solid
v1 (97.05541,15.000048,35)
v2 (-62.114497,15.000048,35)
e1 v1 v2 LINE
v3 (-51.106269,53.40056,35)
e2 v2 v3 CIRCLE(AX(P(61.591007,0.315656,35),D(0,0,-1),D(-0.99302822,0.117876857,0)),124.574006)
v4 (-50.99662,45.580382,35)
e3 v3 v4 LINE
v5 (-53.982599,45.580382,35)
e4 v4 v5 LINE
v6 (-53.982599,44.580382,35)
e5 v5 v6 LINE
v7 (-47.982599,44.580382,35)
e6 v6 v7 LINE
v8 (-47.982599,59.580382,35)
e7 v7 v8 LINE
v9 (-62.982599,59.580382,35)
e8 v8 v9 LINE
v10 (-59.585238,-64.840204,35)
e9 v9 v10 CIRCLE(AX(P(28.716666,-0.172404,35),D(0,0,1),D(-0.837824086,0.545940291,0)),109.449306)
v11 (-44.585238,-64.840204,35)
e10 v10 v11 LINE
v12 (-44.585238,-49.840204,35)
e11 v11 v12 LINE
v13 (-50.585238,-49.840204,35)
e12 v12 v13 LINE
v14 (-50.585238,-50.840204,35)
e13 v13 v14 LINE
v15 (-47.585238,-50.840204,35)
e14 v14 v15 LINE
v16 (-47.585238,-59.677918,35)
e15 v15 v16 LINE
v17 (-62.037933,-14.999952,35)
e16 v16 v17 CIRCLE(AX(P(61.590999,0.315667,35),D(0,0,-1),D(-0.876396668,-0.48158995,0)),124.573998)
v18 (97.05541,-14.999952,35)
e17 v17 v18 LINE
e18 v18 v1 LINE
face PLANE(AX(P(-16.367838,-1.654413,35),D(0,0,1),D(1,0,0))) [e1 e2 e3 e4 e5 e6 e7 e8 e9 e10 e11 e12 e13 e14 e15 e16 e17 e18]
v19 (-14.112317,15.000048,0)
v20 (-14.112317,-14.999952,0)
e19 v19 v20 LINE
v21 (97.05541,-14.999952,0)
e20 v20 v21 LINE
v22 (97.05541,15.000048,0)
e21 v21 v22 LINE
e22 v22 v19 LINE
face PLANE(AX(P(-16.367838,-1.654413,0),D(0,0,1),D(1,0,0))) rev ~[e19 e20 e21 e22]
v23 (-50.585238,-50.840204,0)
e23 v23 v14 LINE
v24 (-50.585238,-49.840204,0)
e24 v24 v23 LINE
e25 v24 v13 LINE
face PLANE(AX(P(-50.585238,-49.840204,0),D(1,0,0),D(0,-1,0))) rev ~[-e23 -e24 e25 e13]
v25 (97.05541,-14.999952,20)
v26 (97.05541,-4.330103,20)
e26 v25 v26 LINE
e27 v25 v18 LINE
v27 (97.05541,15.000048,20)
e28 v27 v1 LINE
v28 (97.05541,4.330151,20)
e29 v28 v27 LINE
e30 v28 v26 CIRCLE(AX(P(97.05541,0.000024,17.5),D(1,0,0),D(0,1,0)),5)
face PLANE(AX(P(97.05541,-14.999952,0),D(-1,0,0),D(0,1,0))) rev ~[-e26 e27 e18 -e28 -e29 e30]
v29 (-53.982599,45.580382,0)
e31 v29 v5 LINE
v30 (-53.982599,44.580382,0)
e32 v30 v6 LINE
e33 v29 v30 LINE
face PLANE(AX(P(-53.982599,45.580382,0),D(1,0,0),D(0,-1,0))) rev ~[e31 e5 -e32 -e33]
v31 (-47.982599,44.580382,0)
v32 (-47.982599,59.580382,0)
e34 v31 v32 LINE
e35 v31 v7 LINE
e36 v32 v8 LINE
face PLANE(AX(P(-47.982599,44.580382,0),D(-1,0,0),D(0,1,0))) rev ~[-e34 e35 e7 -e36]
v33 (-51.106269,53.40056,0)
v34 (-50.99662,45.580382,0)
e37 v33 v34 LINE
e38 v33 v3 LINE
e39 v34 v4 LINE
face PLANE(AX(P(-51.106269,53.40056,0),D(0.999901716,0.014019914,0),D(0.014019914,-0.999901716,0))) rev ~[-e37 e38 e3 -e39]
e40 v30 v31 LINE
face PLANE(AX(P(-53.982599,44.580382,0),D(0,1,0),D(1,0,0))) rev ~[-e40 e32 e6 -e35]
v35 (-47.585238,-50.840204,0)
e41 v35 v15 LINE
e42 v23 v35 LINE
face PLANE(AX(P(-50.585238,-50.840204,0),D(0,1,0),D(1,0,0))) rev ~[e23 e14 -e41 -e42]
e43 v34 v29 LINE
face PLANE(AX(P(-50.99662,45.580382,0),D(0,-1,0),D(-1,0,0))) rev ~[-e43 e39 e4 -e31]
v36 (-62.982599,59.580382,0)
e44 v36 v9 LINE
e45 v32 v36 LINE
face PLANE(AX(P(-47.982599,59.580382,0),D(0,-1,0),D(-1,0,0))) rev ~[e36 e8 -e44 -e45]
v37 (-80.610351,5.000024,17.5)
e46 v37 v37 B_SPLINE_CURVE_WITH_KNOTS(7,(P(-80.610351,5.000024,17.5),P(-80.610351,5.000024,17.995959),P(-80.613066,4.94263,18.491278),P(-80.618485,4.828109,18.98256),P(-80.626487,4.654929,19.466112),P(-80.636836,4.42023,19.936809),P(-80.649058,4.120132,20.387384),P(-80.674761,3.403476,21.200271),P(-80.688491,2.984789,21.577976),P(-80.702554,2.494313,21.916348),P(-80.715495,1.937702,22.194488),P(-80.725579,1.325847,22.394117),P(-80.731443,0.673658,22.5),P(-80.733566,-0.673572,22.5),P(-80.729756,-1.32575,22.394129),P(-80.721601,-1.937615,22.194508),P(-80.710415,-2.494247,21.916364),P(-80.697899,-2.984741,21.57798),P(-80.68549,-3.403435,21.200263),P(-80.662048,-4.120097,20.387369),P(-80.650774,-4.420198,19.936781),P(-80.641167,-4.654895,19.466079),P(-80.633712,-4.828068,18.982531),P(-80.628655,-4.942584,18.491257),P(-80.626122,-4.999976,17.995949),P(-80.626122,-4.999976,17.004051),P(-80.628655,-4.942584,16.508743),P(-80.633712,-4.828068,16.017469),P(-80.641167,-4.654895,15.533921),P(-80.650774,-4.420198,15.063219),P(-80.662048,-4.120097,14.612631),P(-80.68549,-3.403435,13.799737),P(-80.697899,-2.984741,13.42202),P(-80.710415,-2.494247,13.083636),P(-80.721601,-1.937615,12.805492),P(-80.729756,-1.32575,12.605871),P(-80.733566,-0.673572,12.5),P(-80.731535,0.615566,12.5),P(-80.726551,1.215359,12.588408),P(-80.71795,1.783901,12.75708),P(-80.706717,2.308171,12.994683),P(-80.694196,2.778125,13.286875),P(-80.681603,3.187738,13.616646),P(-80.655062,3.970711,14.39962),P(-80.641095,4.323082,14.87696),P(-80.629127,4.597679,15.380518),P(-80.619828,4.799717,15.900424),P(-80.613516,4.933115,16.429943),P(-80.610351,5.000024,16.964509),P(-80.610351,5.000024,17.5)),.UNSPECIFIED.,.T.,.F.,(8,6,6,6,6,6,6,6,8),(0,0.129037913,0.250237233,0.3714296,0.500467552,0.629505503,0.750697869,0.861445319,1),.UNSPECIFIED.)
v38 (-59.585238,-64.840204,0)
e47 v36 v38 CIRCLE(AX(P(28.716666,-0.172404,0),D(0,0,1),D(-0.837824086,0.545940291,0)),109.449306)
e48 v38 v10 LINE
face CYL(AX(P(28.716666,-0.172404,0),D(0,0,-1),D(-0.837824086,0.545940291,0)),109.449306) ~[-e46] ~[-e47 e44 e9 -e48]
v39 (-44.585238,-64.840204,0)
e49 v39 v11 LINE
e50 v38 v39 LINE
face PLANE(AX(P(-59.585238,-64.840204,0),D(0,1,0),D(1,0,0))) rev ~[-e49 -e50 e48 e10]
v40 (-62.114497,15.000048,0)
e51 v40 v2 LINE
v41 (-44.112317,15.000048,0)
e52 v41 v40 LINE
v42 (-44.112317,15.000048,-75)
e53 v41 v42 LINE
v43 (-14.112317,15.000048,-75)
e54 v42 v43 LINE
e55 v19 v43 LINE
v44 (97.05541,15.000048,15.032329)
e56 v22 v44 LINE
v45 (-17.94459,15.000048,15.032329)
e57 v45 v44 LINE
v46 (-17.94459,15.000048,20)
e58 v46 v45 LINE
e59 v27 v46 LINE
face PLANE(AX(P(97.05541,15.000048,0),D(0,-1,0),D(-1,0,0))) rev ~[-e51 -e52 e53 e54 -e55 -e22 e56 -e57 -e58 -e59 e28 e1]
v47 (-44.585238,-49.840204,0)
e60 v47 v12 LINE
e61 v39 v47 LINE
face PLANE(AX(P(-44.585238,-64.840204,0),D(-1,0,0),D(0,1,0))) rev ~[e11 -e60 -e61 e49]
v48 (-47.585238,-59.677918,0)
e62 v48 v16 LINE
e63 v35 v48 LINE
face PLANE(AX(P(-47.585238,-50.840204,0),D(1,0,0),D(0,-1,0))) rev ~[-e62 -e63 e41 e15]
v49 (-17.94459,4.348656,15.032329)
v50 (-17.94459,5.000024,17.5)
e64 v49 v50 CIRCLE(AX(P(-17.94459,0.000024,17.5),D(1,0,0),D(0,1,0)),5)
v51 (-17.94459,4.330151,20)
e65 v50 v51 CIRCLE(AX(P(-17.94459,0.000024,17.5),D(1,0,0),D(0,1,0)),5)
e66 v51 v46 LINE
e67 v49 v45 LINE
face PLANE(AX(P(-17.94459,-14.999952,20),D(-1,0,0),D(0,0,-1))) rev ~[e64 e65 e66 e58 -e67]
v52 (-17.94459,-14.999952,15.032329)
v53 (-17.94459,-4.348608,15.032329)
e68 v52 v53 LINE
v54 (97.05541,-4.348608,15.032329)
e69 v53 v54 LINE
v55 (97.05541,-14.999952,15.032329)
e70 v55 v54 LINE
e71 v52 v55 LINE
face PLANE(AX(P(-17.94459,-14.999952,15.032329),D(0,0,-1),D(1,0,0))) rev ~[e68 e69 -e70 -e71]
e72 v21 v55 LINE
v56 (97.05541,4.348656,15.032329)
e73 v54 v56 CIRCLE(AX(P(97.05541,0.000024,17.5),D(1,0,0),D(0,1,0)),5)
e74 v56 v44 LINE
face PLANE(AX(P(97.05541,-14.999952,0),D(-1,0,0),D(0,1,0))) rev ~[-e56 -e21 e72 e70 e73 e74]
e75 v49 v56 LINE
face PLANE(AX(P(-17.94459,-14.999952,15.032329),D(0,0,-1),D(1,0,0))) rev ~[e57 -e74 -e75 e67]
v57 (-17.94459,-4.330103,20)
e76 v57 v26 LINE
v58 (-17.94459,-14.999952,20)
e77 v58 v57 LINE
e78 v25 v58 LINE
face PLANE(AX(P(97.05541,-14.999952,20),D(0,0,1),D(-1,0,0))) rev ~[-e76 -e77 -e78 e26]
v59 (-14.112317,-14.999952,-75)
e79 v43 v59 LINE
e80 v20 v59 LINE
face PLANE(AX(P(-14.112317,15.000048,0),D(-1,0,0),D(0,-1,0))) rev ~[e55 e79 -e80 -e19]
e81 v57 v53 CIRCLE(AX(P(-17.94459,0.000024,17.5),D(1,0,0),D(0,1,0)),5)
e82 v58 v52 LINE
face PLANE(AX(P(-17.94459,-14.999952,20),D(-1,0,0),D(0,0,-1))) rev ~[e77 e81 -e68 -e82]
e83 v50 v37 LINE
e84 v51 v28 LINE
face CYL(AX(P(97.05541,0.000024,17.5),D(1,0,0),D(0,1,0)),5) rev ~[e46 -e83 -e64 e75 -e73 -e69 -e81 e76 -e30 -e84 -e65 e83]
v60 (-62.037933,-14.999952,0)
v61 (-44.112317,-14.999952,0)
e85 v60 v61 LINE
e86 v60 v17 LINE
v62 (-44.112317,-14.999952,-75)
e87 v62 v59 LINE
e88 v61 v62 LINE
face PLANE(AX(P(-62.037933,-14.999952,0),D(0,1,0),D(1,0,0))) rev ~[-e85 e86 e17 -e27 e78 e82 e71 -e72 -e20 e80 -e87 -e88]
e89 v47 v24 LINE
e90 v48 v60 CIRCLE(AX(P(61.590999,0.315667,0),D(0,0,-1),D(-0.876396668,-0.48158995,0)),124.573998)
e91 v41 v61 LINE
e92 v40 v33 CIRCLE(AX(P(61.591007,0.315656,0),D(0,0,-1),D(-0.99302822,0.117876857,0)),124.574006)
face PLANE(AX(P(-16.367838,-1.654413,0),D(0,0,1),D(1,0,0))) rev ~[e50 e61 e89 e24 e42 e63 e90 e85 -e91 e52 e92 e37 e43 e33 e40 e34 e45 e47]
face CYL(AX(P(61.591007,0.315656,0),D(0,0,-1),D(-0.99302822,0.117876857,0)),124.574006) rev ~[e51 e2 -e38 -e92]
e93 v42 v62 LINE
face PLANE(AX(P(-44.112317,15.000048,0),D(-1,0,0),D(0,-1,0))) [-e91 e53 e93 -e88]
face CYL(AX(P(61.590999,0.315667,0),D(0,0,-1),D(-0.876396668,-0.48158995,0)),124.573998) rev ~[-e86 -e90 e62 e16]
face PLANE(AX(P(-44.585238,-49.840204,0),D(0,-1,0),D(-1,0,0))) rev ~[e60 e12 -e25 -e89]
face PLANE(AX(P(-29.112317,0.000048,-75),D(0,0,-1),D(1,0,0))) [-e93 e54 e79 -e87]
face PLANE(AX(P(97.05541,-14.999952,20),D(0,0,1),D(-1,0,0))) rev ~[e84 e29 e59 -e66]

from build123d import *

# Parameters (mm, degrees)
F1_DEPTH = 35
F2_R     = 5
F3_DEPTH = 2000
F5_DEPTH = 70
F6_W     = 30
F6_H     = 30
F7_DEPTH = 75


with BuildPart() as f1:
    # F0 (on Top) → F1 (new body)
    with BuildSketch(Plane.XY):
        with BuildLine():
            Line((-47.982599, 59.580382), (-62.982599, 59.580382))
            ThreePointArc((-62.982599, 59.580382), (-80.691861, -3.159854), (-59.585238, -64.840204))
            Line((-59.585238, -64.840204), (-44.585238, -64.840204))
            Line((-44.585238, -64.840204), (-44.585238, -49.840204))
            Line((-44.585238, -49.840204), (-47.585238, -49.840204))
            Line((-47.585238, -49.840204), (-50.585238, -49.840204))
            Line((-50.585238, -49.840204), (-50.585238, -50.840204))
            Line((-50.585238, -50.840204), (-47.585238, -50.840204))
            Line((-47.585238, -50.840204), (-47.585238, -59.677918))
            ThreePointArc((-47.585238, -59.677918), (-56.935757, -38.026074), (-62.037933, -14.999952))
            Line((-62.037933, -14.999952), (97.05541, -14.999952))
            Line((97.05541, -14.999952), (97.05541, 15.000048))
            Line((97.05541, 15.000048), (-62.114497, 15.000048))
            ThreePointArc((-62.114497, 15.000048), (-58.159644, 34.644429), (-51.106269, 53.40056))
            Line((-51.106269, 53.40056), (-50.99662, 45.580382))
            Line((-50.99662, 45.580382), (-53.982599, 45.580382))
            Line((-53.982599, 45.580382), (-53.982599, 44.580382))
            Line((-53.982599, 44.580382), (-47.982599, 44.580382))
            Line((-47.982599, 44.580382), (-47.982599, 59.580382))
        make_face()
    extrude(amount=F1_DEPTH)

    # F2 (on face) → F3 (cut)
    with BuildSketch(Plane.YZ.offset(97.05541)):
        with Locations((2.4e-05, 17.5)):
            Circle(F2_R)
    extrude(amount=-F3_DEPTH, mode=Mode.SUBTRACT)

    # F4 (on face) → F5 (cut)
    with BuildSketch(Plane.XZ.offset(14.999952)):
        Polygon((-17.94459, 20), (-17.94459, 17.5), (-17.94459, 15.032329), (97.05541, 15.032329), (97.05541, 20), align=None)
    extrude(amount=-F5_DEPTH, mode=Mode.SUBTRACT)

    # F6 (on face) → F7 (join)
    with BuildSketch(Plane(origin=(0, 0, 0), x_dir=(1, 0, 0), z_dir=(0, 0, -1))):
        with Locations((-29.112317, -4.8e-05)):
            Rectangle(F6_W, F6_H)
    extrude(amount=F7_DEPTH)


solid = f1.part
